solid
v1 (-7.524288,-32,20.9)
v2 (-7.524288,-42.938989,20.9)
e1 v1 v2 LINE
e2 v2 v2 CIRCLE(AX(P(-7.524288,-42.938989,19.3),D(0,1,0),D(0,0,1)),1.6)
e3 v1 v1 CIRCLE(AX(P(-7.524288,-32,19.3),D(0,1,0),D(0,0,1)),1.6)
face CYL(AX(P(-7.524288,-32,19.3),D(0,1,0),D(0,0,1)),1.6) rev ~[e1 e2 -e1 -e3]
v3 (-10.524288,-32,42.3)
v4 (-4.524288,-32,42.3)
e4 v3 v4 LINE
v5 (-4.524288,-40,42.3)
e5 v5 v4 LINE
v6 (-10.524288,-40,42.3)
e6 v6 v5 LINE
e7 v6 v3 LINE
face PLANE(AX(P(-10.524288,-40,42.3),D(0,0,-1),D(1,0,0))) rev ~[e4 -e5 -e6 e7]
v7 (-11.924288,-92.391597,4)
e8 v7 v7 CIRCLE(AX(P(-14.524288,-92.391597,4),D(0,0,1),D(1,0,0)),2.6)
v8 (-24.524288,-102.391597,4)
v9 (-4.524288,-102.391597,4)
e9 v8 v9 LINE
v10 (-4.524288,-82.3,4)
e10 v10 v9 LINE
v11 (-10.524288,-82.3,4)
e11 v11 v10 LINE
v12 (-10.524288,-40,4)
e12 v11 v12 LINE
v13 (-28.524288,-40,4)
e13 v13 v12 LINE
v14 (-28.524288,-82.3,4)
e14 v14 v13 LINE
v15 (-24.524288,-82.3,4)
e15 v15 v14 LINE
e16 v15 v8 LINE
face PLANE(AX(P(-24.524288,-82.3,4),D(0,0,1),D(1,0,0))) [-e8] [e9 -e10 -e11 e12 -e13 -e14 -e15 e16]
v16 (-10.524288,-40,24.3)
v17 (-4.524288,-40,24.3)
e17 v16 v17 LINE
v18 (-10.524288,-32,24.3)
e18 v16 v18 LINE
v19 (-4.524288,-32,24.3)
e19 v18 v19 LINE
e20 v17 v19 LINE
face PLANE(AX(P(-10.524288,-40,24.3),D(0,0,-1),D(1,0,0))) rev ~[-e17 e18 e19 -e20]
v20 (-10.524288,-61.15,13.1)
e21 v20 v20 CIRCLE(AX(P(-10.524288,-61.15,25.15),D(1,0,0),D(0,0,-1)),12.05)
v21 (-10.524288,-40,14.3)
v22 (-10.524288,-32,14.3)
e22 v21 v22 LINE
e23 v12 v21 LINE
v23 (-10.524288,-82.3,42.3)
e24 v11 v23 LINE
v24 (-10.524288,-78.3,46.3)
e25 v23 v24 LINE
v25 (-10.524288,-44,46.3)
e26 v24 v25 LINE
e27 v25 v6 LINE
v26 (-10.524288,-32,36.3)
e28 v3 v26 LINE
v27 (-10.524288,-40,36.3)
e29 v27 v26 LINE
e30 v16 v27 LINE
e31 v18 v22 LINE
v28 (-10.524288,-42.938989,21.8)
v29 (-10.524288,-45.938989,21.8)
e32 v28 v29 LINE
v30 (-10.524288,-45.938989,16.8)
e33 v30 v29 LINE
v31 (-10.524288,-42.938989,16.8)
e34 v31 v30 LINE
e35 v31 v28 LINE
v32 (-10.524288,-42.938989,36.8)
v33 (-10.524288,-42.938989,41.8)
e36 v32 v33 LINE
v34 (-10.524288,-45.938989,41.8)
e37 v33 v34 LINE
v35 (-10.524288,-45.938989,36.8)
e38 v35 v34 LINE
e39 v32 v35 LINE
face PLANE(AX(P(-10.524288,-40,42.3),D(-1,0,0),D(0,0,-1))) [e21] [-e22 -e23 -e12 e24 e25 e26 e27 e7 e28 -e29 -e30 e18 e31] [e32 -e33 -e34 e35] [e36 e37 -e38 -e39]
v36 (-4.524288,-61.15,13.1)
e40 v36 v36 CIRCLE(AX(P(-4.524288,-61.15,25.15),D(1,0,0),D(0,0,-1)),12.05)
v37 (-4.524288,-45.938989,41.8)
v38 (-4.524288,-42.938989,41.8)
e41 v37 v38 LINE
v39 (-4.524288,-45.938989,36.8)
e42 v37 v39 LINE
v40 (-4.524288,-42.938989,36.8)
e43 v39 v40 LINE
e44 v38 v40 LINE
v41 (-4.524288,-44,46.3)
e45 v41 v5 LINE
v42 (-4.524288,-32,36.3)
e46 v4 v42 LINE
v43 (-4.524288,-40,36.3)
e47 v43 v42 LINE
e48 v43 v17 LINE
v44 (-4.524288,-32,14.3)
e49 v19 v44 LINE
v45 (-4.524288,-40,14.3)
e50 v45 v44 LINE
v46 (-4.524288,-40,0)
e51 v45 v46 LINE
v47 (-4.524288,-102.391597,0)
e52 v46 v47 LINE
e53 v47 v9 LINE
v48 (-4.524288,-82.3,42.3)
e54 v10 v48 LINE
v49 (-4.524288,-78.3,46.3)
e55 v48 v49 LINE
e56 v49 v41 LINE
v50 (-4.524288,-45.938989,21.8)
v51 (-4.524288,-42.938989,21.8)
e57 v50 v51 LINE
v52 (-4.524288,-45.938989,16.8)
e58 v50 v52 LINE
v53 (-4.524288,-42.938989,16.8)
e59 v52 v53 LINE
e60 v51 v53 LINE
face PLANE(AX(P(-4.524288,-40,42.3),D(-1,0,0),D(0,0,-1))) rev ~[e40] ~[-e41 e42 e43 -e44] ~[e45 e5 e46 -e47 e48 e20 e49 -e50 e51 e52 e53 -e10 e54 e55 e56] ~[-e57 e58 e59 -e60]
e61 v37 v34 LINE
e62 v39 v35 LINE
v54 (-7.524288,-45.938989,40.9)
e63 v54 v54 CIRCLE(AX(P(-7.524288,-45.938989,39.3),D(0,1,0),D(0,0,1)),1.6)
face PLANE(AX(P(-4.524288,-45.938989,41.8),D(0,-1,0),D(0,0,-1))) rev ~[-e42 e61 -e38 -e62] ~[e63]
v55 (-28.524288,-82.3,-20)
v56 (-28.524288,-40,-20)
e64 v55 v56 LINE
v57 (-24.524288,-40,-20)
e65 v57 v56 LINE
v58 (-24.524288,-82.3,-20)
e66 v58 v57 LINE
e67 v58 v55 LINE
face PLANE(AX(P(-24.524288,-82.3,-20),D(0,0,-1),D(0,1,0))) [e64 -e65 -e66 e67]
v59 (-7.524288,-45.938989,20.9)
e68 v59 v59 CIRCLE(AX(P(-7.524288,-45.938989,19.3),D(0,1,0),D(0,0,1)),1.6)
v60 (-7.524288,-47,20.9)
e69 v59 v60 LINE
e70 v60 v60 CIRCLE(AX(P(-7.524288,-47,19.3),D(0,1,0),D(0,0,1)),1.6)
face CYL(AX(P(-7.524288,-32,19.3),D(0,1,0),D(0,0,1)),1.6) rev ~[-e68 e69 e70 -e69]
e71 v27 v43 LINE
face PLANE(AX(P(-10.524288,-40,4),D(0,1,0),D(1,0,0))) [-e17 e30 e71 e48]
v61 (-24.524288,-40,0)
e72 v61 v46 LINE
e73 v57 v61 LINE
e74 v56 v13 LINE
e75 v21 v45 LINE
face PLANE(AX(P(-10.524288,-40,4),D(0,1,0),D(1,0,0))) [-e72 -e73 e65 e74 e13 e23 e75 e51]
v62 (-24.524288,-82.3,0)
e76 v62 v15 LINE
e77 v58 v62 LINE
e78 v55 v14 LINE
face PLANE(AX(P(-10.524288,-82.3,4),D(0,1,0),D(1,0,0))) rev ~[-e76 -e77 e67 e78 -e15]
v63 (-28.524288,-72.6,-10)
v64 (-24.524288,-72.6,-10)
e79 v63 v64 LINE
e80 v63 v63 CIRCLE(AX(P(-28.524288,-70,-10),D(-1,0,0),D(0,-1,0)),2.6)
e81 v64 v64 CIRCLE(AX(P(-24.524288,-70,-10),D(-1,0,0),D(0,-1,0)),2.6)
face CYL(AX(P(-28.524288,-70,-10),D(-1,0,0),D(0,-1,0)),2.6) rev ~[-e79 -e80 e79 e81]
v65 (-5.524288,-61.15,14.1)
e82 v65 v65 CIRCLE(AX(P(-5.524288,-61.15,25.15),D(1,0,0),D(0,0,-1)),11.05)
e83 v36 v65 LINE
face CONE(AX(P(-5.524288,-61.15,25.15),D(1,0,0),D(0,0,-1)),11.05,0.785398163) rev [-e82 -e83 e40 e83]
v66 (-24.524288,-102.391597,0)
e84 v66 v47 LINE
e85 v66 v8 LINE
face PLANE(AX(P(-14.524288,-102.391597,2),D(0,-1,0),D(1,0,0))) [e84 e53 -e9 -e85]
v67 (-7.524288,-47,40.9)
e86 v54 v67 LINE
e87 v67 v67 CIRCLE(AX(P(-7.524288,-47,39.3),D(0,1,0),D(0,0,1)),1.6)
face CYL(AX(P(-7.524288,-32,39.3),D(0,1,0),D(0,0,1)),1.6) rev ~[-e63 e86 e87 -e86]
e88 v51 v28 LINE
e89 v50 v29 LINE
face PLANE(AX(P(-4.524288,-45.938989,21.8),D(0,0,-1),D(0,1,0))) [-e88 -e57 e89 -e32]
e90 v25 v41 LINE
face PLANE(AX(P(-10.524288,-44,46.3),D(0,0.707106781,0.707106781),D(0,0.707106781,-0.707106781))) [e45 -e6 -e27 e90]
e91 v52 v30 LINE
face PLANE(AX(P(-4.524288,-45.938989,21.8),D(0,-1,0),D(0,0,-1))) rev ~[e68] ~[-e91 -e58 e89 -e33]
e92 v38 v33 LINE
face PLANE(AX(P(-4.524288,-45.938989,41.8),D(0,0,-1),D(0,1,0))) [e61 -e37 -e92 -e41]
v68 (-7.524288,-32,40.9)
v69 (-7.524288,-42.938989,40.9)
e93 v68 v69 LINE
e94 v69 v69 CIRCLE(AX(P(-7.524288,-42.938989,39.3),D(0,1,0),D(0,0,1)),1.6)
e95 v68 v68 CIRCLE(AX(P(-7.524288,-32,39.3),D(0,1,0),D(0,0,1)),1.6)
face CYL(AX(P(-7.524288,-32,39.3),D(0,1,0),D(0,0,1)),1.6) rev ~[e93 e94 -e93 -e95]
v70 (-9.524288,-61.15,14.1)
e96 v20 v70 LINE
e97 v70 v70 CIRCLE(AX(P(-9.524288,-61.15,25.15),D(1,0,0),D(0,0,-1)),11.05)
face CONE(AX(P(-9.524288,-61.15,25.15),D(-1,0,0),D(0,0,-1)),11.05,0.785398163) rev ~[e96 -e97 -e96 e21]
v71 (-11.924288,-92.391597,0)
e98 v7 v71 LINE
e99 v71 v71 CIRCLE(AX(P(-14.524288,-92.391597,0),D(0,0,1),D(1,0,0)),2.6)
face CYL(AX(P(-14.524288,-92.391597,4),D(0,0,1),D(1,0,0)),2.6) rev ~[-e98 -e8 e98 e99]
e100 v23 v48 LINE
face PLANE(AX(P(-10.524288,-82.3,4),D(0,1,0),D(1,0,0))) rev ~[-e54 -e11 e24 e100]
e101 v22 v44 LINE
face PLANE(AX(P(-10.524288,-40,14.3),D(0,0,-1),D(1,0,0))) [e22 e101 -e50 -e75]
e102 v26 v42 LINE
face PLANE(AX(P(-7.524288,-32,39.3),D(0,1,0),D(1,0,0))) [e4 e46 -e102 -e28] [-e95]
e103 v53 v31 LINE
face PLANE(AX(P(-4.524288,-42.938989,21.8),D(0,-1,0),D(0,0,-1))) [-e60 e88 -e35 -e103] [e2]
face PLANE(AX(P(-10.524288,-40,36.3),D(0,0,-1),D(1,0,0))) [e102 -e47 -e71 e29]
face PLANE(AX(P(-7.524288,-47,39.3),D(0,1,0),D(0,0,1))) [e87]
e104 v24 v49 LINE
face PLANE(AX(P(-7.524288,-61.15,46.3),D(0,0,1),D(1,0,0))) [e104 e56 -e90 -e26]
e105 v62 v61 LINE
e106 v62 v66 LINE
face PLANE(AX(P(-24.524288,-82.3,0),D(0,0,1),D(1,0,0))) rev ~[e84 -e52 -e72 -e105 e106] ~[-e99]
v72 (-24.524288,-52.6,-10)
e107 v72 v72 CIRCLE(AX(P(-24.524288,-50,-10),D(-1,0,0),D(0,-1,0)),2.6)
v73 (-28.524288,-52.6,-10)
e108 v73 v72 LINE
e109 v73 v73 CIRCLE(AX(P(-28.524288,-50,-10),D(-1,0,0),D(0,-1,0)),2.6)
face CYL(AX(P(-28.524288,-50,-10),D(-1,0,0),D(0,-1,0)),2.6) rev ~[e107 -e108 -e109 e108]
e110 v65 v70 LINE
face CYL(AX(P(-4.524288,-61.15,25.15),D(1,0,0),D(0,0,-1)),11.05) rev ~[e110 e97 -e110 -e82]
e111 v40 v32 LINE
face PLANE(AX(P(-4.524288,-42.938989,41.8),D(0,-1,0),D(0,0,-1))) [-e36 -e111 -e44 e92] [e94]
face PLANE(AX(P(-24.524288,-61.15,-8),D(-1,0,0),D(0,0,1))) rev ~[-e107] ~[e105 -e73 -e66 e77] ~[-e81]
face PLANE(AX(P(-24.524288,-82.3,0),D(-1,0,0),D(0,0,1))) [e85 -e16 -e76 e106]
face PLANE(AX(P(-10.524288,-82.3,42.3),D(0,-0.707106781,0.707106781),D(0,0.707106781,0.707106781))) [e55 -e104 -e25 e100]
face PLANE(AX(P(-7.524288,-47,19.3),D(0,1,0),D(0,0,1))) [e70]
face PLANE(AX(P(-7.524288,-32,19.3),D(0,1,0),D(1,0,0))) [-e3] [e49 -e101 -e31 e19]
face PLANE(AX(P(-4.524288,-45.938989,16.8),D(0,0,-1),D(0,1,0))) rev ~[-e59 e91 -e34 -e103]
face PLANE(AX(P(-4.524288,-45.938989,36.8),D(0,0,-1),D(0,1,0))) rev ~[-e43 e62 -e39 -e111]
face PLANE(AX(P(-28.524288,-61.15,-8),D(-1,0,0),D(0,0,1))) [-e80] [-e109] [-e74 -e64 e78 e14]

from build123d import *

# Parameters (mm, degrees)
SKICA2_W                 = 20
SKICA2_H                 = 42.3
P_IDAT_VYSUNUT_M1_DEPTH  = 4
SKICA3_W                 = 24
SKICA3_H                 = 42.3
P_IDAT_VYSUNUT_M2_DEPTH  = 4
SKICA4_W                 = 6
SKICA4_H                 = 42.3
P_IDAT_VYSUNUT_M3_DEPTH  = 42.3
SKICA5_R                 = 11.05
ODEBRAT_VYSUNUT_M1_DEPTH = 7
SKICA7_R                 = 2.6
ODEBRAT_VYSUNUT_M3_DEPTH = 4
ZKOSEN_1_SIZE            = 1
SKICA8_W                 = 20
SKICA8_H                 = 4
P_IDAT_VYSUNUT_M4_DEPTH  = 20.091596743
SKICA9_R                 = 2.6
ODEBRAT_VYSUNUT_M4_DEPTH = 4
ODEBRAT_VYSUNUT_M5_DEPTH = 80
SKICA11_W                = 6
SKICA11_H                = 6
SKICA11_H_2              = 10
P_IDAT_VYSUNUT_M5_DEPTH  = 8
SKICA13_R                = 1.6
ODEBRAT_VYSUNUT_M6_DEPTH = 15
SKICA14_W                = 5
SKICA14_H                = 3
ODEBRAT_VYSUNUT_M7_DEPTH = 15
ZKOSEN_2_SIZE            = 1


with BuildPart() as part:
    # Skica2 → Přidat vysunutím1 (new body)
    with BuildSketch(Plane.XY):
        with Locations((-14.524287798, -61.15)):
            Rectangle(SKICA2_W, SKICA2_H)
    extrude(amount=P_IDAT_VYSUNUT_M1_DEPTH)

    # Skica3 → Přidat vysunutím2 (add)
    with BuildSketch(Plane.ZY.offset(24.524287798)):
        with Locations((-8, -61.15)):
            Rectangle(SKICA3_W, SKICA3_H)
    extrude(amount=P_IDAT_VYSUNUT_M2_DEPTH)

    # Skica4 → Přidat vysunutím3 (add)
    with BuildSketch(Plane.XY.offset(4)):
        with Locations((-7.524287798, -61.15)):
            Rectangle(SKICA4_W, SKICA4_H)
    extrude(amount=P_IDAT_VYSUNUT_M3_DEPTH)

    # Skica5 → Odebrat vysunutím1 (cut)
    with BuildSketch(Plane(origin=(-4.524287798, 0, 0), x_dir=(0, 0, -1), z_dir=(1, 0, 0))):
        with Locations((-25.15, -61.15)):
            Circle(SKICA5_R)
    extrude(amount=-ODEBRAT_VYSUNUT_M1_DEPTH, mode=Mode.SUBTRACT)

    # Skica7 → Odebrat vysunutím3 (cut)
    with BuildSketch(Plane.ZY.offset(28.524287798)):
        with Locations(Location((-10, -50, 0), (0, 0, 270))):
            Circle(SKICA7_R)
        with Locations(Location((-10, -70, 0), (0, 0, 270))):
            Circle(SKICA7_R)
    extrude(amount=-ODEBRAT_VYSUNUT_M3_DEPTH, mode=Mode.SUBTRACT)

    # Zkosení1
    zkosen_1_edges = [part.edges().sort_by_distance(p)[0] for p in [
        (-10.524287798, -61.15, 36.2),
    ]]
    chamfer(zkosen_1_edges, length=ZKOSEN_1_SIZE)

    # Skica8 → Přidat vysunutím4 (add)
    with BuildSketch(Plane.XZ.offset(82.3)):
        with Locations((-14.524287798, 2)):
            Rectangle(SKICA8_W, SKICA8_H)
    extrude(amount=P_IDAT_VYSUNUT_M4_DEPTH)

    # Skica9 → Odebrat vysunutím4 (cut)
    with BuildSketch(Plane.XY.offset(4)):
        with Locations((-14.524287798, -92.391596743)):
            Circle(SKICA9_R)
    extrude(amount=-ODEBRAT_VYSUNUT_M4_DEPTH, mode=Mode.SUBTRACT)

    # Skica10 → Odebrat vysunutím5 (cut)
    with BuildSketch(Plane.ZY.offset(10.524287798)):
        Polygon((46.3, -44), (42.3, -40), (46.565878614, -39.259270079), align=None)
        Polygon((42.3, -82.3), (46.3, -78.3), (47.745576453, -80.3), (46.3, -85.415433185), align=None)
    extrude(amount=-ODEBRAT_VYSUNUT_M5_DEPTH, mode=Mode.SUBTRACT)

    # Skica11 → Přidat vysunutím5 (add)
    with BuildSketch(Plane(origin=(0, -40, 0), x_dir=(1, 0, 0), z_dir=(0, 1, 0))):
        with Locations((-7.524287798, -39.3)):
            Rectangle(SKICA11_W, SKICA11_H)
        with Locations((-7.524287798, -19.3)):
            Rectangle(SKICA11_W, SKICA11_H_2)
    extrude(amount=P_IDAT_VYSUNUT_M5_DEPTH)

    # Skica13 → Odebrat vysunutím6 (cut)
    with BuildSketch(Plane(origin=(0, -32, 0), x_dir=(1, 0, 0), z_dir=(0, 1, 0))):
        with Locations(Location((-7.524287798, -39.3, 0), (0, 0, 270))):
            Circle(SKICA13_R)
        with Locations(Location((-7.524287798, -19.3, 0), (0, 0, 270))):
            Circle(SKICA13_R)
    extrude(amount=-ODEBRAT_VYSUNUT_M6_DEPTH, mode=Mode.SUBTRACT)

    # Skica14 → Odebrat vysunutím7 (cut)
    with BuildSketch(Plane(origin=(-4.524287798, 0, 0), x_dir=(0, 0, -1), z_dir=(1, 0, 0))):
        with Locations((-39.3, -44.438988808)):
            Rectangle(SKICA14_W, SKICA14_H)
        with Locations((-19.3, -44.438988808)):
            Rectangle(SKICA14_W, SKICA14_H)
    extrude(amount=-ODEBRAT_VYSUNUT_M7_DEPTH, mode=Mode.SUBTRACT)

    # Zkosení2
    zkosen_2_edges = [part.edges().sort_by_distance(p)[0] for p in [
        (-4.524287798, -61.15, 36.2),
    ]]
    chamfer(zkosen_2_edges, length=ZKOSEN_2_SIZE)


solid = part.part
